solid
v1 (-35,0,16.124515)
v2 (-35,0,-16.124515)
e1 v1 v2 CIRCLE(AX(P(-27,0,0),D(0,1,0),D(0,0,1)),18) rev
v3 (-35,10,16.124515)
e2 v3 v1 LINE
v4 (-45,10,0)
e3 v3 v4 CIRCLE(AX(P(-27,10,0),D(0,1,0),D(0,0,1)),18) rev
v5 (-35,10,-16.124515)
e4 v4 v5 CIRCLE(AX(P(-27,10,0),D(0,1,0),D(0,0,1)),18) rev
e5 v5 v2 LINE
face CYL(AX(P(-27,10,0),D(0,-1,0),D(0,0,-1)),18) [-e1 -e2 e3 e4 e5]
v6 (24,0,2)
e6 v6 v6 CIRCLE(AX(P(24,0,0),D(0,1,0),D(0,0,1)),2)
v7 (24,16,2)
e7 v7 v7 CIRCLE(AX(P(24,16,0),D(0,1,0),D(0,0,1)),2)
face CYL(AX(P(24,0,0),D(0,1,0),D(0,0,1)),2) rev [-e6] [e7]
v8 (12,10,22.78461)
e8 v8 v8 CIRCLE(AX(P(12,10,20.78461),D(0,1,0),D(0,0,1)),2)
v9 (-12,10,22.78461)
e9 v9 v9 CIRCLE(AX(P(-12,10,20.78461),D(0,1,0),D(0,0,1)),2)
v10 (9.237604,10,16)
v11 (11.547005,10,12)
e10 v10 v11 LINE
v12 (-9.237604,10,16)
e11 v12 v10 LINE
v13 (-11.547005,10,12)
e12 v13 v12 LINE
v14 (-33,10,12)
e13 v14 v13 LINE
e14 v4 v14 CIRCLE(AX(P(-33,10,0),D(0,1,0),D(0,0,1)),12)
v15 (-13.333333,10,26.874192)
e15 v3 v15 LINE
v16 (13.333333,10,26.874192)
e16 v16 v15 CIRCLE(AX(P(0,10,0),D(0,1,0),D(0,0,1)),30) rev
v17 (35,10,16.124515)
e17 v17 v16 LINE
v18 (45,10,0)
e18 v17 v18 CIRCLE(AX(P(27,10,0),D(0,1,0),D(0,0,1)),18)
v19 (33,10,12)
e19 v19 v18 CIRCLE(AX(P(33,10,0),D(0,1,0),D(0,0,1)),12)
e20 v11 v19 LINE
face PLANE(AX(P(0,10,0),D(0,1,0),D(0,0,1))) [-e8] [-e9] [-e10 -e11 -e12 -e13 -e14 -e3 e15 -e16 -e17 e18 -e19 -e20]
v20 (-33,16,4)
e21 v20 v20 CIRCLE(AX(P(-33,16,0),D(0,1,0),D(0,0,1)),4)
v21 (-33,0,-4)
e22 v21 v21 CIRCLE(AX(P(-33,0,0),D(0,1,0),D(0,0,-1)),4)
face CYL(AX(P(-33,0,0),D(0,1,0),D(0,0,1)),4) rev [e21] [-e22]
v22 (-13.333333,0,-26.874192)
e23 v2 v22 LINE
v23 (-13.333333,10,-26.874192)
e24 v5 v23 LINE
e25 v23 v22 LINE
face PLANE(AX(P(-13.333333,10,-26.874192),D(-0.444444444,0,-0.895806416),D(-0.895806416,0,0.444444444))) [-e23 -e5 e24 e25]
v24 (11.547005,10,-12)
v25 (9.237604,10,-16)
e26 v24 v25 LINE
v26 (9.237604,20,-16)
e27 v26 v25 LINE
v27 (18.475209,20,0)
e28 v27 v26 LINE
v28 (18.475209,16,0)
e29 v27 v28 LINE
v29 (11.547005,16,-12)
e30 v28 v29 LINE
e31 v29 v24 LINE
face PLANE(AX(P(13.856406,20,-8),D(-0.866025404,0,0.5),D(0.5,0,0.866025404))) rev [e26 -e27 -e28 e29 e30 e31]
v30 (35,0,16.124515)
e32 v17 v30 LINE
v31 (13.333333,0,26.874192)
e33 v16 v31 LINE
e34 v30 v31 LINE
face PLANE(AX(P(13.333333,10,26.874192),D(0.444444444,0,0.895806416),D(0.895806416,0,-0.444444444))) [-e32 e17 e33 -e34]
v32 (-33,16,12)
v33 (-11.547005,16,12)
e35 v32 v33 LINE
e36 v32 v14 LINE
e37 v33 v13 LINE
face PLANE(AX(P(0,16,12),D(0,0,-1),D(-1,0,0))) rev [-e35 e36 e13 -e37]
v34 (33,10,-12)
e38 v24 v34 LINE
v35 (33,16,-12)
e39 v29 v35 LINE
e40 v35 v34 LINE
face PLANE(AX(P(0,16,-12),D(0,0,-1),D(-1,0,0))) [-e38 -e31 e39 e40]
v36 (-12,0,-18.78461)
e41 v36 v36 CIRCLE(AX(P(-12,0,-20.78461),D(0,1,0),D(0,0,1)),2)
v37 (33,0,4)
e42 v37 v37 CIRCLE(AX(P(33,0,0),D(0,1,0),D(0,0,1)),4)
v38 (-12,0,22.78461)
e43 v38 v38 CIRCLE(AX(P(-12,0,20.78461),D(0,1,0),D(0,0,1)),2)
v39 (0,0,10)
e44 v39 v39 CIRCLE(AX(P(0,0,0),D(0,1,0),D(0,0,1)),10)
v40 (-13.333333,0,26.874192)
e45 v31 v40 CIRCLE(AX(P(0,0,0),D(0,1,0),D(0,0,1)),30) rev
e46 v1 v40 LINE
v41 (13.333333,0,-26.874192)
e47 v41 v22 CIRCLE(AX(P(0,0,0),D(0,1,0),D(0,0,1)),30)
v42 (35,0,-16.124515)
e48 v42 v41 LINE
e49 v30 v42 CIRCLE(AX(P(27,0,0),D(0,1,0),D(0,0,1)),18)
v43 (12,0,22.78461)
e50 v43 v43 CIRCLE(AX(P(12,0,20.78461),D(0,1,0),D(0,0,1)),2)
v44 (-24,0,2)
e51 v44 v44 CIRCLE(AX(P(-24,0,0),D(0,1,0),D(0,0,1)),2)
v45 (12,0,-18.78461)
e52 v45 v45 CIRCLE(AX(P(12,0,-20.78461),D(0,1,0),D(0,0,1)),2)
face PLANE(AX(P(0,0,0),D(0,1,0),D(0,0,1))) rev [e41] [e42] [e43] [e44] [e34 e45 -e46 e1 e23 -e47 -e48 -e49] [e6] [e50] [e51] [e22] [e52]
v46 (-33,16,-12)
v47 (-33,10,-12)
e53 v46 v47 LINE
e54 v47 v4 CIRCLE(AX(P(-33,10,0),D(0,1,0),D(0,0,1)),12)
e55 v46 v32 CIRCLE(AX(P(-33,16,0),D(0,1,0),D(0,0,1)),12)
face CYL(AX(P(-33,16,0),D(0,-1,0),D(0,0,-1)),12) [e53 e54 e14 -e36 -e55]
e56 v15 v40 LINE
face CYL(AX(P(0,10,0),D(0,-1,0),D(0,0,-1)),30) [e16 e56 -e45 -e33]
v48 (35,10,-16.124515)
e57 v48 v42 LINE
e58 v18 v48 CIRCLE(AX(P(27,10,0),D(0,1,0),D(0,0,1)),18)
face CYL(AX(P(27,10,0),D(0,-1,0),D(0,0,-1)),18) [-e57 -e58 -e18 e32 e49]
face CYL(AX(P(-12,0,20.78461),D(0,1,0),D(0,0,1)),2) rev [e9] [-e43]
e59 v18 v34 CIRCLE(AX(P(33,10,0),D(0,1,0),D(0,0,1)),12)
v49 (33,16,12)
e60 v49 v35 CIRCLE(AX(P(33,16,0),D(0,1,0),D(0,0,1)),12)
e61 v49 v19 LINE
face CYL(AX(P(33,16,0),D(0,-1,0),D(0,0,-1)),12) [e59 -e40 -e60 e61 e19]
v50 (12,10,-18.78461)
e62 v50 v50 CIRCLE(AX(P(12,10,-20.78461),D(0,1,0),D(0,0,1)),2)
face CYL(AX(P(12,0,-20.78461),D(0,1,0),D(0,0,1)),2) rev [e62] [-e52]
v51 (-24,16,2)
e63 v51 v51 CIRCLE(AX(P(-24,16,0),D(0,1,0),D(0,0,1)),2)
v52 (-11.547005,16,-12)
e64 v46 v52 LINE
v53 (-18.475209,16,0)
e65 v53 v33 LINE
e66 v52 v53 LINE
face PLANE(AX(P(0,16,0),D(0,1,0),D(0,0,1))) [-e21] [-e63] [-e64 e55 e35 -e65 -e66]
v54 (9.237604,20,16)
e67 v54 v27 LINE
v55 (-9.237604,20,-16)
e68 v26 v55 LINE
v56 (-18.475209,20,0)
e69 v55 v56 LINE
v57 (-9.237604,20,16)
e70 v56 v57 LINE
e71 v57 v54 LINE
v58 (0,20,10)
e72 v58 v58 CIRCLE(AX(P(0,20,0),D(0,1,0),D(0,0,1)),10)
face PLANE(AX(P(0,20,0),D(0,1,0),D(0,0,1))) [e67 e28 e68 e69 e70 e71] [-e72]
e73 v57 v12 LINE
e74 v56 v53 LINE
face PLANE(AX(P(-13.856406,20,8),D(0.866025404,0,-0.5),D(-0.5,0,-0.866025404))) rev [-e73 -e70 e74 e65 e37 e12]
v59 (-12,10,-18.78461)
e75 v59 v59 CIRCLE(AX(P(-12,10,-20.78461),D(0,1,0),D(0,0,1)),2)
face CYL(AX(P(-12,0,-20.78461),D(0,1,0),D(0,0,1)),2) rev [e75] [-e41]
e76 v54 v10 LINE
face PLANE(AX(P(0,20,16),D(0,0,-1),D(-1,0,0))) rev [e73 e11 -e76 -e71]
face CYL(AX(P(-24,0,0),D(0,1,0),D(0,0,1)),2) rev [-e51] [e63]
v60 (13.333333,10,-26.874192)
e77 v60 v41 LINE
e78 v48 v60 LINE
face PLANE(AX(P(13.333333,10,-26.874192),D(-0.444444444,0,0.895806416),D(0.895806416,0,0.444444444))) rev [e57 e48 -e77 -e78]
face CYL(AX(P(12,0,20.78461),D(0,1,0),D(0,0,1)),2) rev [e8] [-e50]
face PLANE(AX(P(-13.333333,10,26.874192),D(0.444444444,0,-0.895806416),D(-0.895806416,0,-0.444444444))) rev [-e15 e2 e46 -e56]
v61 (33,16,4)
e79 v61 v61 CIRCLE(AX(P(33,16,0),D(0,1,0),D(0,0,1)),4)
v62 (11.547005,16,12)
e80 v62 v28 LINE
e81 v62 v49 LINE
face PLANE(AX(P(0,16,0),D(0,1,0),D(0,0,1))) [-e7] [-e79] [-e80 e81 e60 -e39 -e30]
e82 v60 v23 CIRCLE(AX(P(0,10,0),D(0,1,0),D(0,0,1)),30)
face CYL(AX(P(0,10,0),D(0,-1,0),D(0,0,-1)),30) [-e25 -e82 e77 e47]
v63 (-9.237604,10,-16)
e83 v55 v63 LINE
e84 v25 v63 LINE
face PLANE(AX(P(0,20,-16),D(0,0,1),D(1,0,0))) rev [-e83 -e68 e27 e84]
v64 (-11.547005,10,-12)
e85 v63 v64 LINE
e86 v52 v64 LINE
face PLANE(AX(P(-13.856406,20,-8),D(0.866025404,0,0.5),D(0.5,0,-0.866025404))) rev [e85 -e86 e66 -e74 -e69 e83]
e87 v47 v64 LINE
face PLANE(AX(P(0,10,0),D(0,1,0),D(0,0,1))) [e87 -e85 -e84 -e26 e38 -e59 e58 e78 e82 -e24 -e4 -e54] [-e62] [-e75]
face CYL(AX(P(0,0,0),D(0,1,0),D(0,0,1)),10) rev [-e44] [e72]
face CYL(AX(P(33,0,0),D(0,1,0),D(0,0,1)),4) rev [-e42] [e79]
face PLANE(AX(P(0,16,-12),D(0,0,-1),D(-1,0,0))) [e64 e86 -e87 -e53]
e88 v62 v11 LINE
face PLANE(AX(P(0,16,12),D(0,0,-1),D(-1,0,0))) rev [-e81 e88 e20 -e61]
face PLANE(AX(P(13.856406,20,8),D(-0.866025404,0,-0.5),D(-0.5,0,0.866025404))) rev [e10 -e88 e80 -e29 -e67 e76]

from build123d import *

# Parameters (mm, degrees)
EXTRUDE_1_DEPTH     = 10
EXTRUDE_1_2_DEPTH   = 10
EXTRUDE_2_DEPTH     = 16
EXTRUDE_3_DEPTH     = 20
SKETCH_3_R          = 10
SKETCH_3_R_2        = 4
SKETCH_3_R_3        = 2
CUT_EXTRUDE_1_DEPTH = 58.662812973


with BuildPart() as part:
    # 草图2 → 凸台-拉伸1 (new body)
    with BuildSketch(Plane(origin=(0, 0, 0), x_dir=(1, 0, 0), z_dir=(0, 1, 0))):
        with BuildLine():
            ThreePointArc((45, -7.2e-08), (42.29705856, 9.48683295), (35, 16.124515497))
            Line((35, 16.124515497), (13.333333333, 26.874192494))
            ThreePointArc((13.333333333, 26.874192494), (0, 30), (-13.333333333, 26.874192494))
            Line((-13.333333333, 26.874192494), (-35, 16.124515497))
            ThreePointArc((-35, 16.124515497), (-42.29705853, 9.486832997), (-45, 3.9e-08))
            ThreePointArc((-45, 3.9e-08), (-41.48528136, 8.485281388), (-33, 12))
            Line((-33, 12), (-11.547005384, 12))
            Line((-11.547005384, 12), (-9.237604307, 16))
            Line((-9.237604307, 16), (9.237604307, 16))
            Line((9.237604307, 16), (11.547005384, 12))
            Line((11.547005384, 12), (33, 12))
            ThreePointArc((33, 12), (41.4852814, 8.485281349), (45, -7.2e-08))
        make_face()
    extrude(amount=EXTRUDE_1_DEPTH)



with BuildPart() as body_2:
    # 草图2 → Extrude 1 2 (new body)
    with BuildSketch(Plane(origin=(0, 0, 0), x_dir=(1, 0, 0), z_dir=(0, 1, 0))):
        with BuildLine():
            ThreePointArc((35, -16.124515497), (42.297058522, -9.486833011), (45, -7.2e-08))
            ThreePointArc((45, -7.2e-08), (41.485281349, -8.4852814), (33, -12))
            Line((33, -12), (11.547005384, -12))
            Line((11.547005384, -12), (9.237604307, -16))
            Line((9.237604307, -16), (-9.237604307, -16))
            Line((-9.237604307, -16), (-11.547005384, -12))
            Line((-11.547005384, -12), (-33, -12))
            ThreePointArc((-33, -12), (-41.485281388, -8.48528136), (-45, 3.9e-08))
            ThreePointArc((-45, 3.9e-08), (-42.297058551, -9.486832964), (-35, -16.124515497))
            Line((-35, -16.124515497), (-13.333333333, -26.874192494))
            ThreePointArc((-13.333333333, -26.874192494), (0, -30), (13.333333333, -26.874192494))
            Line((13.333333333, -26.874192494), (35, -16.124515497))
        make_face()
    extrude(amount=EXTRUDE_1_2_DEPTH)


with BuildPart() as part_1:
    add(part.part)

    add(body_2.part)  # 凸台-拉伸2 merges body 2
    # 草图2<3> → 凸台-拉伸2 (add)
    with BuildSketch(Plane(origin=(0, 0, 0), x_dir=(1, 0, 0), z_dir=(0, 1, 0))):
        with BuildLine():
            ThreePointArc((33, -12), (45, 0), (33, 12))
            Line((33, 12), (11.547005384, 12))
            Line((11.547005384, 12), (18.475208614, 0))
            Line((18.475208614, 0), (11.547005384, -12))
            Line((11.547005384, -12), (33, -12))
        make_face()
        with BuildLine():
            ThreePointArc((-33, 12), (-45, 0), (-33, -12))
            Line((-33, -12), (-11.547005384, -12))
            Line((-11.547005384, -12), (-18.475208614, 0))
            Line((-18.475208614, 0), (-11.547005384, 12))
            Line((-11.547005384, 12), (-33, 12))
        make_face()
    extrude(amount=EXTRUDE_2_DEPTH)

    # 草图2<4> → 凸台-拉伸3 (add)
    with BuildSketch(Plane(origin=(0, 0, 0), x_dir=(1, 0, 0), z_dir=(0, 1, 0))):
        Polygon((9.237604307, -16), (18.475208614, 0), (9.237604307, 16), (-9.237604307, 16), (-18.475208614, 0), (-9.237604307, -16), align=None)
    extrude(amount=EXTRUDE_3_DEPTH)

    # 草图3 → 切除-拉伸1 (cut, through all)
    with BuildSketch(Plane(origin=(0, 20, 0), x_dir=(1, 0, 0), z_dir=(0, 1, 0))):
        Circle(SKETCH_3_R)
        with Locations((33, 0)):
            Circle(SKETCH_3_R_2)
        with Locations((-33, 0)):
            Circle(SKETCH_3_R_2)
        with Locations((24, 0)):
            Circle(SKETCH_3_R_3)
        with Locations((12, -20.784609691)):
            Circle(SKETCH_3_R_3)
        with Locations((-12, -20.784609691)):
            Circle(SKETCH_3_R_3)
        with Locations((-24, 0)):
            Circle(SKETCH_3_R_3)
        with Locations((-12, 20.784609691)):
            Circle(SKETCH_3_R_3)
        with Locations((12, 20.784609691)):
            Circle(SKETCH_3_R_3)
    extrude(amount=-CUT_EXTRUDE_1_DEPTH, mode=Mode.SUBTRACT)


solid = part_1.part
